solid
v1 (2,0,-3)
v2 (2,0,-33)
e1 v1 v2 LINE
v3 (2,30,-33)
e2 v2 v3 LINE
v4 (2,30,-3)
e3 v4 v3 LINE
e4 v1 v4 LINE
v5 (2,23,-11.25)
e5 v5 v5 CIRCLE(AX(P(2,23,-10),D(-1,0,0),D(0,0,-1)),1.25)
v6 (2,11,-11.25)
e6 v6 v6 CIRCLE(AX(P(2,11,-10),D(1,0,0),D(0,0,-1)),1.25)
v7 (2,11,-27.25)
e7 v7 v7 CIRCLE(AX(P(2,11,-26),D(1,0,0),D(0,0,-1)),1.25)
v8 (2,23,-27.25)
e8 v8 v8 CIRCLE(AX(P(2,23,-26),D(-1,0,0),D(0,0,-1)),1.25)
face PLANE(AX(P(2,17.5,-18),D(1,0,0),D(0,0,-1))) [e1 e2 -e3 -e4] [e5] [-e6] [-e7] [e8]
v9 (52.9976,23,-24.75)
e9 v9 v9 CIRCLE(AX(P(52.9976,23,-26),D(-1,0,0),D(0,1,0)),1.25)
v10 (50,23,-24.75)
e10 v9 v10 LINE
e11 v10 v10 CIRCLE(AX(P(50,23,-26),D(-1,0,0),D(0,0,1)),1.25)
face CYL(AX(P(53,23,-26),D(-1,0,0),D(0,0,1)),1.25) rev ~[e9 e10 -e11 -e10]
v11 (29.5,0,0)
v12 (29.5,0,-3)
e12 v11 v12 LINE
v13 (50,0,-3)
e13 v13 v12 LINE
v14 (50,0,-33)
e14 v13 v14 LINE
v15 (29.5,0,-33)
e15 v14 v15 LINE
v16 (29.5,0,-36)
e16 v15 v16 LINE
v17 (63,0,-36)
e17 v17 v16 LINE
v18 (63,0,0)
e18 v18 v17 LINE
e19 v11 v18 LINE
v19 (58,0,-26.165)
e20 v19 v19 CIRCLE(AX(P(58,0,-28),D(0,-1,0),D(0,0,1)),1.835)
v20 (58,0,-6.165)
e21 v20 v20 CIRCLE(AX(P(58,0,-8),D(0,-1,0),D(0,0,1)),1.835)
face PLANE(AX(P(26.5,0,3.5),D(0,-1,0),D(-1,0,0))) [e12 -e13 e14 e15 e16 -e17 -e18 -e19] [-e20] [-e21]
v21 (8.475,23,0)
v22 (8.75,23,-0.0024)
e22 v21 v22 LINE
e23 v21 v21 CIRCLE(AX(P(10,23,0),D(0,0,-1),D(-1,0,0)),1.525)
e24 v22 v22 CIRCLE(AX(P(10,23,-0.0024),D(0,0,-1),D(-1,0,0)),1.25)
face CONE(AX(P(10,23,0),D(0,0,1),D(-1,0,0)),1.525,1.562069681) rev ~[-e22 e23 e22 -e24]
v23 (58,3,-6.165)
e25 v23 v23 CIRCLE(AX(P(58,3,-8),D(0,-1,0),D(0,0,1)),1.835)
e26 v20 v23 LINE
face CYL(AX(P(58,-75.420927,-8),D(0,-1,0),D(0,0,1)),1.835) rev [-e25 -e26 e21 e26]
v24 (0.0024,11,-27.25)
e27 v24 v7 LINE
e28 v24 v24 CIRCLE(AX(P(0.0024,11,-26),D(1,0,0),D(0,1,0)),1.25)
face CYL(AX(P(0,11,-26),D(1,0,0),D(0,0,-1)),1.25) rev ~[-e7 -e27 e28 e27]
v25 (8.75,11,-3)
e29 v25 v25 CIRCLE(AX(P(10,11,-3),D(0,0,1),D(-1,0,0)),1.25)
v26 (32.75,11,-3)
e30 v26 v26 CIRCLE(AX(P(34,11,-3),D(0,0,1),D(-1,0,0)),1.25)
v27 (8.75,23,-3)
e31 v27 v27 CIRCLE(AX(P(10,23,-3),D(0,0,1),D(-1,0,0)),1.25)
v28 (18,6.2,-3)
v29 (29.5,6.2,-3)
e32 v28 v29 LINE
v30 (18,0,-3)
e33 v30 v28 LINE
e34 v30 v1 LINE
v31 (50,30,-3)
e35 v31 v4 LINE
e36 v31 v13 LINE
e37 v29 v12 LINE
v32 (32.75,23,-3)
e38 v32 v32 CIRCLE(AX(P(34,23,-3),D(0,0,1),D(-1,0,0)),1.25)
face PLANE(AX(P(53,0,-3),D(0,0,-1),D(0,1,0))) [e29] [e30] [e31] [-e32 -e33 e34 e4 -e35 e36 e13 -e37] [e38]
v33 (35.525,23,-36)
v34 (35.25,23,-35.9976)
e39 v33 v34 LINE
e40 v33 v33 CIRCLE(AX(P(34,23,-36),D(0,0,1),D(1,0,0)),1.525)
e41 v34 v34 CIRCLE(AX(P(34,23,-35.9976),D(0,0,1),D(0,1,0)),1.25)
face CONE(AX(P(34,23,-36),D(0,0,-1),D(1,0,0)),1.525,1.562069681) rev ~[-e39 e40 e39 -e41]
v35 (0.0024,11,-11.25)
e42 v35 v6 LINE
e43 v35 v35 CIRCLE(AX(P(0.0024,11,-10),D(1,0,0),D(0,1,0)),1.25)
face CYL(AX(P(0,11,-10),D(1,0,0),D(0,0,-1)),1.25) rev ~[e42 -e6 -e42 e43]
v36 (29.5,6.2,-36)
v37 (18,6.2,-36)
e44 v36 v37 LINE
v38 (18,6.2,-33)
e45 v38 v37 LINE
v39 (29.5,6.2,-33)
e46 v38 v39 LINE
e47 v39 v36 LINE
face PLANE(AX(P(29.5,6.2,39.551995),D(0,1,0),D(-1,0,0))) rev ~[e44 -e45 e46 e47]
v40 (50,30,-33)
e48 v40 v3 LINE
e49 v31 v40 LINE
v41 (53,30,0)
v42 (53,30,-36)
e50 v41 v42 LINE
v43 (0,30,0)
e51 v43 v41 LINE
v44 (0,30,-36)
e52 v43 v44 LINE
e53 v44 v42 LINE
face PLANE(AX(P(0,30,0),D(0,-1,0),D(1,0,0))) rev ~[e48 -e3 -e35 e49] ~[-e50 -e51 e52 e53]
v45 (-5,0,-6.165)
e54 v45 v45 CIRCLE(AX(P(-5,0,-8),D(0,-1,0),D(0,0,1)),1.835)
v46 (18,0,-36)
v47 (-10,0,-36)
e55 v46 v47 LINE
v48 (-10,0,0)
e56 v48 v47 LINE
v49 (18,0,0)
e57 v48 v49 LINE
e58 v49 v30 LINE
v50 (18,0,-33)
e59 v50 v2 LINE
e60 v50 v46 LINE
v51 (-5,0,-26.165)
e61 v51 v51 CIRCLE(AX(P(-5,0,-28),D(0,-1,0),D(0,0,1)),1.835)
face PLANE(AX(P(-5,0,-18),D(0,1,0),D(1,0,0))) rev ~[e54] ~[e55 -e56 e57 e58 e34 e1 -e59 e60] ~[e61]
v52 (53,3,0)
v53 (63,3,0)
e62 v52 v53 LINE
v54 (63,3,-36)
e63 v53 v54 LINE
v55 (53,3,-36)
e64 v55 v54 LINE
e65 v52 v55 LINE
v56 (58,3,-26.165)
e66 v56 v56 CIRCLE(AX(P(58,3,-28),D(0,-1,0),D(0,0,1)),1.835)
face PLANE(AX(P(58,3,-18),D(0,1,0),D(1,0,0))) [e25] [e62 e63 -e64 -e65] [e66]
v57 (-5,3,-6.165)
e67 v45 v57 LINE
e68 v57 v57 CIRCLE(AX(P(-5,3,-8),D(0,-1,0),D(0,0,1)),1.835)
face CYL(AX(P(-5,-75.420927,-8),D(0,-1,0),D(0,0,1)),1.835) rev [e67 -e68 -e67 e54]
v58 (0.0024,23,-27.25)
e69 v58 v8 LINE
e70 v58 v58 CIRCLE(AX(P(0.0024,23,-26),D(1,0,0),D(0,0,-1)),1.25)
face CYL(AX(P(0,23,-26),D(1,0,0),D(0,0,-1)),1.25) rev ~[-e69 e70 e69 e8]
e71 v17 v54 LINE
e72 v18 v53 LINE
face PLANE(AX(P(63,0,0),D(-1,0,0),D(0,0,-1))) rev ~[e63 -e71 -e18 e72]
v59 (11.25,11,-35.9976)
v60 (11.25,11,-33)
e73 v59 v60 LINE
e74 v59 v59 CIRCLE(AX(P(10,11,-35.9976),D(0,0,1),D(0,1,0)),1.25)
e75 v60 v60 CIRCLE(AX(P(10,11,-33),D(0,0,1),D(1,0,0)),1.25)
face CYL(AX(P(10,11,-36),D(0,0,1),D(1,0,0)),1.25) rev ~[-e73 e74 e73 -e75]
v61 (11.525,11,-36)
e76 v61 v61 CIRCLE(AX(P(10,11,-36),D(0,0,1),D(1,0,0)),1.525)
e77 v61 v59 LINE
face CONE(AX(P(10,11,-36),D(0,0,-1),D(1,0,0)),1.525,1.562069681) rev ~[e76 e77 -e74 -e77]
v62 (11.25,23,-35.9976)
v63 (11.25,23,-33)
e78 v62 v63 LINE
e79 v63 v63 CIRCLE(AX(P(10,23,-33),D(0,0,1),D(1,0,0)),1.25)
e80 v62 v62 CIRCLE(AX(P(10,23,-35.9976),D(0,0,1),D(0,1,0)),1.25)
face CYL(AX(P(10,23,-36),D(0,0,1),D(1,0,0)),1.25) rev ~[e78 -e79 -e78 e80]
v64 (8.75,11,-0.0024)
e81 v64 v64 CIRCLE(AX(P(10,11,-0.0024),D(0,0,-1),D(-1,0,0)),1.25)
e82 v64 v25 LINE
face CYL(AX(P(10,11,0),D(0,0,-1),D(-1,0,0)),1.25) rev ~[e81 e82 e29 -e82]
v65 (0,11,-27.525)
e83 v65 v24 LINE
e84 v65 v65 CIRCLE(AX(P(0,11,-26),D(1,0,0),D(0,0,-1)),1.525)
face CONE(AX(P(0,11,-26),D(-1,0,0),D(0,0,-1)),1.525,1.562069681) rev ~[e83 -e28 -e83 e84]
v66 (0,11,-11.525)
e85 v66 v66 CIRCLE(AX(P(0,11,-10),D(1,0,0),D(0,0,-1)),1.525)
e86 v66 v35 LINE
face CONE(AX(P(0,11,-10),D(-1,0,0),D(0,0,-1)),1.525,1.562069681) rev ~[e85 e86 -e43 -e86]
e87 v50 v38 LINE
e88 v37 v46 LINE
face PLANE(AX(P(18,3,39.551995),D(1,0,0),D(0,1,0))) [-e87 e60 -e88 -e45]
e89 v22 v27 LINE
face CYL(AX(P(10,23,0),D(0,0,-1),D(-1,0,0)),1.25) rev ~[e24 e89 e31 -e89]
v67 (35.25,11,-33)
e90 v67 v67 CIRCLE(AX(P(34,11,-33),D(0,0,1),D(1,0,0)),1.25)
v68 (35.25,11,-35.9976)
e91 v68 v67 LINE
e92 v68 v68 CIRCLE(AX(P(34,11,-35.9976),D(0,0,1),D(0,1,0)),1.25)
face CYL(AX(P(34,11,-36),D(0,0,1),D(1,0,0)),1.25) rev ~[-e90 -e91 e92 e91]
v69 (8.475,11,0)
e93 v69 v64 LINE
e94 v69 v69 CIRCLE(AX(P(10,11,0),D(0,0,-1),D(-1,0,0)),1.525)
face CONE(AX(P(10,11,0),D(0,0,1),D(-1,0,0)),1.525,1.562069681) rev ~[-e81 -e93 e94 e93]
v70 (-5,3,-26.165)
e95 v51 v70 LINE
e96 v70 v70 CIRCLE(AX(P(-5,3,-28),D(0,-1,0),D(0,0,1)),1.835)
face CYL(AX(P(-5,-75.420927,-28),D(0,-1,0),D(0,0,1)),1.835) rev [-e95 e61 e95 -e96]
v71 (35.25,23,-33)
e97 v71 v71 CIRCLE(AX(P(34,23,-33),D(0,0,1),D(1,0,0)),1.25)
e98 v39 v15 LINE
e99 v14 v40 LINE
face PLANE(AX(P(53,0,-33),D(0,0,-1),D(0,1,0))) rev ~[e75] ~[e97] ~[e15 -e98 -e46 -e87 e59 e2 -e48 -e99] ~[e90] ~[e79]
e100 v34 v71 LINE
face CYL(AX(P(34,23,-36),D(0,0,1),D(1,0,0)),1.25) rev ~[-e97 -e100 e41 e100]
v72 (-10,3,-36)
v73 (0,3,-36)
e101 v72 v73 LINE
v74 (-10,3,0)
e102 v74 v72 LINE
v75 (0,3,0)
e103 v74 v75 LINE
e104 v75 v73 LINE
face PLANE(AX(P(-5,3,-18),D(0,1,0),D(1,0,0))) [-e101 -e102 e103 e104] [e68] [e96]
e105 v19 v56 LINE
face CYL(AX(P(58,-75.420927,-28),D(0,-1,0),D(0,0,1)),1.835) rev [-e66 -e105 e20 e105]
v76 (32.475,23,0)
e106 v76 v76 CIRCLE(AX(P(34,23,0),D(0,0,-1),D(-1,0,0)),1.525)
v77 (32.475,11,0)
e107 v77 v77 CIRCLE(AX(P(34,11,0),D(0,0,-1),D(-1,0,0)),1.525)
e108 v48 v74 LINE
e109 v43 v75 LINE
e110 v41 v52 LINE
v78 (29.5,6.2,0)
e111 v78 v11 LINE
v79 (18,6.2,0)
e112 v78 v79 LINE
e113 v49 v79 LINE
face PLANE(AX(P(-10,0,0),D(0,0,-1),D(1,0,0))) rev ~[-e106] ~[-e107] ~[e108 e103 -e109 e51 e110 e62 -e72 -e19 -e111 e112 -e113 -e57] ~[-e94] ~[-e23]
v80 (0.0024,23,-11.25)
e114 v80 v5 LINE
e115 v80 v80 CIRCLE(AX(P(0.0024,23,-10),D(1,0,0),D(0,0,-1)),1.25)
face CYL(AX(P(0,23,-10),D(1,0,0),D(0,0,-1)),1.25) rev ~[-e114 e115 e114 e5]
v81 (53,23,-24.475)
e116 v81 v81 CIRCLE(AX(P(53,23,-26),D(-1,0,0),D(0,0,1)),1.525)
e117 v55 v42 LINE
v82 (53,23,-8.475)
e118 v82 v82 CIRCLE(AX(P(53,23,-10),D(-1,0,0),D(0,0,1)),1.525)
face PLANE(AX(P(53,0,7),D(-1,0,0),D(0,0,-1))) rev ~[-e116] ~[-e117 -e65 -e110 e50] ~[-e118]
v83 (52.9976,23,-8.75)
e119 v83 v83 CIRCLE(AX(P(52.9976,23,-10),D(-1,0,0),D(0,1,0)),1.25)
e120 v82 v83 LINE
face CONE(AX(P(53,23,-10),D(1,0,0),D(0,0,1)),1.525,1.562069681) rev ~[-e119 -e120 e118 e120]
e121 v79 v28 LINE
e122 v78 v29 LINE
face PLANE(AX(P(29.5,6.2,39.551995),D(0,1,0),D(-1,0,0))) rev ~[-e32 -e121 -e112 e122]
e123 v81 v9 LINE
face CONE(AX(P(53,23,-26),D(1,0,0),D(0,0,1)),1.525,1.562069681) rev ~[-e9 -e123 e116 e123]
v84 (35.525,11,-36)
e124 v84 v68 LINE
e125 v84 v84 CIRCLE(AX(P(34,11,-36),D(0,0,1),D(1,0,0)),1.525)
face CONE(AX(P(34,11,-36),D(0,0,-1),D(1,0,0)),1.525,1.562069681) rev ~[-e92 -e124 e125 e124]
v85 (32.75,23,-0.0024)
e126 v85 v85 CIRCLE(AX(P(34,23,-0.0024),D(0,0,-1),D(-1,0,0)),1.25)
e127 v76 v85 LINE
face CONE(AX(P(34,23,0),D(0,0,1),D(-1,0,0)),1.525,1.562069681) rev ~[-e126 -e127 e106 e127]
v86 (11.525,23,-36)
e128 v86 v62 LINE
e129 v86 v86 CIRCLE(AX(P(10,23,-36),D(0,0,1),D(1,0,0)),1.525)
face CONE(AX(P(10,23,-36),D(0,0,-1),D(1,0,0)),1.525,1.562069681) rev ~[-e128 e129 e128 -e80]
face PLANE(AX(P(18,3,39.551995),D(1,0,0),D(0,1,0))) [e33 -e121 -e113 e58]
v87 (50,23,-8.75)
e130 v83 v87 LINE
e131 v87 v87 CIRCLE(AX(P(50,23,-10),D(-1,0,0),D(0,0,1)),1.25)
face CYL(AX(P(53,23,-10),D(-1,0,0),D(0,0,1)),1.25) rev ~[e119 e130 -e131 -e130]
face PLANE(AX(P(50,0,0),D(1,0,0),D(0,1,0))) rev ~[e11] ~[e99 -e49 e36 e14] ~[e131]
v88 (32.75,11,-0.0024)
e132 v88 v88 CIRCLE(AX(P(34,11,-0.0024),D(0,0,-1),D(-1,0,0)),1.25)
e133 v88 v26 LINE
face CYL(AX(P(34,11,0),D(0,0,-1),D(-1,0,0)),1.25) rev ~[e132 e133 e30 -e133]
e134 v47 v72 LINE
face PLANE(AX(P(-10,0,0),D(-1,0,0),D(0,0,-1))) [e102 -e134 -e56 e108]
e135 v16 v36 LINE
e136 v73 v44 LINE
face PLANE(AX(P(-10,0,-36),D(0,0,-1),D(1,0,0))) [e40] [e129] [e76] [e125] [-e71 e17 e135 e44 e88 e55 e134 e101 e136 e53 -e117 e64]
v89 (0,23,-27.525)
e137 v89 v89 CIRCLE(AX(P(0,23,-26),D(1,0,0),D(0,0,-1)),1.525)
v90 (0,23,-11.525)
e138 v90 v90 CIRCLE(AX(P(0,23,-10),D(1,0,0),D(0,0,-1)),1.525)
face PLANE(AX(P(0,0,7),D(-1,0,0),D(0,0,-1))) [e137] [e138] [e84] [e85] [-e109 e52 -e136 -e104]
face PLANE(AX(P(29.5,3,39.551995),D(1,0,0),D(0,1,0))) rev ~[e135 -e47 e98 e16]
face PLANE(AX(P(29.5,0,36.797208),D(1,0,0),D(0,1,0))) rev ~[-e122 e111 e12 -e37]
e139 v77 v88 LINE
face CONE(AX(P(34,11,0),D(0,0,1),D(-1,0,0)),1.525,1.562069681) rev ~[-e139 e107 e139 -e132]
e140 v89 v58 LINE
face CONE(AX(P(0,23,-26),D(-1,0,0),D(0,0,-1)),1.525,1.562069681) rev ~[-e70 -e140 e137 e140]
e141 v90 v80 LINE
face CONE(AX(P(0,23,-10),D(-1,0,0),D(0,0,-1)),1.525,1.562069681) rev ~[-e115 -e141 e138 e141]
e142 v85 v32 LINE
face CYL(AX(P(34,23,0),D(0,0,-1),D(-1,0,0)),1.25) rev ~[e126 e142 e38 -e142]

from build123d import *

# Parameters (mm, degrees)
SKETCH1_W                   = 36
SKETCH1_H                   = 38
BOSS_EXTRUDE2_DEPTH         = 53
SKETCH3_W                   = 30
SKETCH3_H                   = 35
CUT_EXTRUDE1_DEPTH          = 51
SKETCH4_W                   = 3
SKETCH4_H                   = 30
BOSS_EXTRUDE3_DEPTH         = 33
SKETCH5_W                   = 53
SKETCH5_H                   = 8
CUT_EXTRUDE2_DEPTH          = 52
SKETCH6_W                   = 53
SKETCH6_H                   = 7
BOSS_EXTRUDE4_DEPTH         = 3
CUT_EXTRUDE4_DEPTH          = 79.797208072
CUT_EXTRUDE4_DEPTH_BACK     = 79.797208072
SKETCH8_W                   = 11.5
SKETCH8_H                   = 3
M3_TAPPED_HOLE1_D           = 2.5
M3_TAPPED_HOLE1_DEPTH       = 3
M3_TAPPED_HOLE1_CSINK_D     = 3.05
M3_TAPPED_HOLE1_CSINK_ANGLE = 179
LPATTERN1_COUNT             = 2
LPATTERN1_PITCH             = 24
LPATTERN1_COUNT_DIR2        = 2
LPATTERN1_PITCH_DIR2        = 12
M3_TAPPED_HOLE2_D           = 2.5
M3_TAPPED_HOLE2_DEPTH       = 2
M3_TAPPED_HOLE2_CSINK_D     = 3.05
M3_TAPPED_HOLE2_CSINK_ANGLE = 179
LPATTERN2_COUNT             = 2
LPATTERN2_PITCH             = 16
LPATTERN2_COUNT_DIR2        = 2
LPATTERN2_PITCH_DIR2        = 12
M3_TAPPED_HOLE3_D           = 2.5
M3_TAPPED_HOLE3_CSINK_D     = 3.05
M3_TAPPED_HOLE3_CSINK_ANGLE = 179
LPATTERN3_COUNT             = 2
LPATTERN3_PITCH             = 16
M3_TAPPED_HOLE4_D           = 2.5
M3_TAPPED_HOLE4_CSINK_D     = 3.05
M3_TAPPED_HOLE4_CSINK_ANGLE = 179
LPATTERN4_COUNT             = 2
LPATTERN4_PITCH             = 24
LPATTERN4_COUNT_DIR2        = 2
LPATTERN4_PITCH_DIR2        = 12
SKETCH45_R                  = 1.833333333
CUT_EXTRUDE5_DEPTH          = 74.396185187
LPATTERN5_COUNT             = 2
LPATTERN5_PITCH             = 35
LPATTERN5_COUNT_DIR2        = 2
LPATTERN5_PITCH_DIR2        = 43
CUT_EXTRUDE6_DEPTH          = 75.551995278
CUT_EXTRUDE6_DEPTH_BACK     = 75.551995278
SKETCH46_W                  = 11.5
SKETCH46_H                  = 3.2
CUT_EXTRUDE7_DEPTH          = 74.396185187
CUT_EXTRUDE7_DEPTH_BACK     = 74.396185187
SKETCH47_W                  = 53
SKETCH47_H                  = 7
BOSS_EXTRUDE5_START         = -30
SKETCH49_W                  = 10
SKETCH49_H                  = 36
BOSS_EXTRUDE5_DEPTH         = 3
CUT_EXTRUDE8_DEPTH          = 78.420927403
CUT_EXTRUDE8_DEPTH_BACK     = 78.420927403
SKETCH50_R                  = 1.835


with BuildPart() as part:
    # Sketch1 → Boss-Extrude2 (new body)
    with BuildSketch(Plane(origin=(0, 0, 0), x_dir=(0, 0, -1), z_dir=(1, 0, 0))):
        with Locations((18, 19)):
            Rectangle(SKETCH1_W, SKETCH1_H)
    extrude(amount=BOSS_EXTRUDE2_DEPTH)

    # Sketch3 → Cut-Extrude1 (cut)
    with BuildSketch(Plane(origin=(53, 0, 0), x_dir=(0, 0, -1), z_dir=(1, 0, 0))):
        with Locations((18, 17.5)):
            Rectangle(SKETCH3_W, SKETCH3_H)
    extrude(amount=-CUT_EXTRUDE1_DEPTH, mode=Mode.SUBTRACT)

    # Sketch4 → Boss-Extrude3 (add)
    with BuildSketch(Plane.XY):
        with Locations((51.5, 15)):
            Rectangle(SKETCH4_W, SKETCH4_H)
    extrude(amount=-BOSS_EXTRUDE3_DEPTH)

    # Sketch5 → Cut-Extrude2 (cut)
    with BuildSketch(Plane.XY):
        with Locations((26.5, 34)):
            Rectangle(SKETCH5_W, SKETCH5_H)
    extrude(amount=-CUT_EXTRUDE2_DEPTH, mode=Mode.SUBTRACT)

    # Sketch6 → Boss-Extrude4 (add)
    with BuildSketch(Plane(origin=(0, 0, 0), x_dir=(-1, 0, 0), z_dir=(0, -1, 0))):
        with Locations((-26.5, -3.5)):
            Rectangle(SKETCH6_W, SKETCH6_H)
        with Locations((-26.5, 39.5)):
            Rectangle(SKETCH6_W, SKETCH6_H)
    extrude(amount=-BOSS_EXTRUDE4_DEPTH)

    # Sketch8 → Cut-Extrude4 (cut, two sides: drawn at the far end of the back side and taken through both)
    with BuildSketch(Plane(origin=(0, 0, -43), x_dir=(-1, 0, 0), z_dir=(0, 0, -1)).offset(-CUT_EXTRUDE4_DEPTH_BACK)):
        with Locations((-23.75, 1.5)):
            Rectangle(SKETCH8_W, SKETCH8_H)
    extrude(amount=CUT_EXTRUDE4_DEPTH + CUT_EXTRUDE4_DEPTH_BACK, mode=Mode.SUBTRACT)

    # M3 Tapped Hole1
    with Locations(Plane.XY):
        with Locations((10, 23)):
            m3_tapped_hole1 = CounterSinkHole(M3_TAPPED_HOLE1_D / 2, M3_TAPPED_HOLE1_CSINK_D / 2, depth=M3_TAPPED_HOLE1_DEPTH, counter_sink_angle=M3_TAPPED_HOLE1_CSINK_ANGLE)

    # LPattern1: M3 Tapped Hole1 2 × 2
    with Locations(*[(i * LPATTERN1_PITCH, -j * LPATTERN1_PITCH_DIR2, 0) for i in range(LPATTERN1_COUNT) for j in range(LPATTERN1_COUNT_DIR2) if (i, j) != (0, 0)]):
        add(m3_tapped_hole1, mode=Mode.SUBTRACT)

    # M3 Tapped Hole2
    with Locations(Plane.ZY):
        with Locations((-26, 23)):
            m3_tapped_hole2 = CounterSinkHole(M3_TAPPED_HOLE2_D / 2, M3_TAPPED_HOLE2_CSINK_D / 2, depth=M3_TAPPED_HOLE2_DEPTH, counter_sink_angle=M3_TAPPED_HOLE2_CSINK_ANGLE)

    # LPattern2: M3 Tapped Hole2 2 × 2
    with Locations(*[(0, -j * LPATTERN2_PITCH_DIR2, i * LPATTERN2_PITCH) for i in range(LPATTERN2_COUNT) for j in range(LPATTERN2_COUNT_DIR2) if (i, j) != (0, 0)]):
        add(m3_tapped_hole2, mode=Mode.SUBTRACT)

    # M3 Tapped Hole3 (through all)
    with Locations(Plane(origin=(53, 0, 0), x_dir=(0, 0, -1), z_dir=(1, 0, 0))):
        with Locations((26, 23)):
            m3_tapped_hole3 = CounterSinkHole(M3_TAPPED_HOLE3_D / 2, M3_TAPPED_HOLE3_CSINK_D / 2, counter_sink_angle=M3_TAPPED_HOLE3_CSINK_ANGLE)

    # LPattern3: M3 Tapped Hole3 ×2
    with Locations(*[(0, 0, i * LPATTERN3_PITCH) for i in range(1, LPATTERN3_COUNT)]):
        add(m3_tapped_hole3, mode=Mode.SUBTRACT)

    # M3 Tapped Hole4 (through all)
    with Locations(Plane(origin=(0, 0, -36), x_dir=(-1, 0, 0), z_dir=(0, 0, -1))):
        with Locations((-10, 23)):
            m3_tapped_hole4 = CounterSinkHole(M3_TAPPED_HOLE4_D / 2, M3_TAPPED_HOLE4_CSINK_D / 2, counter_sink_angle=M3_TAPPED_HOLE4_CSINK_ANGLE)

    # LPattern4: M3 Tapped Hole4 2 × 2
    with Locations(*[(i * LPATTERN4_PITCH, -j * LPATTERN4_PITCH_DIR2, 0) for i in range(LPATTERN4_COUNT) for j in range(LPATTERN4_COUNT_DIR2) if (i, j) != (0, 0)]):
        add(m3_tapped_hole4, mode=Mode.SUBTRACT)

    # Sketch45 → Cut-Extrude5 (cut, symmetric)
    with BuildSketch(Plane(origin=(0, 3, 0), x_dir=(1, 0, 0), z_dir=(0, 1, 0))):
        with Locations(Location((8, 39.5, 0), (0, 0, 270))):
            Circle(SKETCH45_R)
    cut_extrude5 = extrude(amount=CUT_EXTRUDE5_DEPTH, both=True, mode=Mode.SUBTRACT)

    # LPattern5: Cut-Extrude5 2 × 2
    with Locations(*[(i * LPATTERN5_PITCH, 0, j * LPATTERN5_PITCH_DIR2) for i in range(LPATTERN5_COUNT) for j in range(LPATTERN5_COUNT_DIR2) if (i, j) != (0, 0)]):
        add(cut_extrude5, mode=Mode.SUBTRACT)

    # Sketch46 → Cut-Extrude6 (cut, two sides: drawn at the far end of the back side and taken through both)
    with BuildSketch(Plane(origin=(0, 0, -36), x_dir=(-1, 0, 0), z_dir=(0, 0, -1)).offset(-CUT_EXTRUDE6_DEPTH_BACK)):
        with Locations((-23.75, 4.6)):
            Rectangle(SKETCH46_W, SKETCH46_H)
    extrude(amount=CUT_EXTRUDE6_DEPTH + CUT_EXTRUDE6_DEPTH_BACK, mode=Mode.SUBTRACT)

    # Sketch47 → Cut-Extrude7 (cut, two sides: drawn at the far end of the back side and taken through both)
    with BuildSketch(Plane(origin=(0, 3, 0), x_dir=(1, 0, 0), z_dir=(0, 1, 0)).offset(-CUT_EXTRUDE7_DEPTH_BACK)):
        with Locations((26.5, 39.5)):
            Rectangle(SKETCH47_W, SKETCH47_H)
        with Locations((26.5, -3.5)):
            Rectangle(SKETCH47_W, SKETCH47_H)
    extrude(amount=CUT_EXTRUDE7_DEPTH + CUT_EXTRUDE7_DEPTH_BACK, mode=Mode.SUBTRACT)

    # Sketch49 → Boss-Extrude5 (add)
    with BuildSketch(Plane(origin=(0, 30, 0), x_dir=(1, 0, 0), z_dir=(0, 1, 0)).offset(BOSS_EXTRUDE5_START)):
        with Locations((-5, 18)):
            Rectangle(SKETCH49_W, SKETCH49_H)
        with Locations((58, 18)):
            Rectangle(SKETCH49_W, SKETCH49_H)
    extrude(amount=BOSS_EXTRUDE5_DEPTH)

    # Sketch50 → Cut-Extrude8 (cut, two sides: drawn at the far end of the back side and taken through both)
    with BuildSketch(Plane(origin=(0, 3, 0), x_dir=(1, 0, 0), z_dir=(0, 1, 0)).offset(-CUT_EXTRUDE8_DEPTH_BACK)):
        with Locations(Location((-5, 28, 0), (0, 0, 270))):
            Circle(SKETCH50_R)
        with Locations(Location((-5, 8, 0), (0, 0, 270))):
            Circle(SKETCH50_R)
        with Locations(Location((58, 8, 0), (0, 0, 270))):
            Circle(SKETCH50_R)
        with Locations(Location((58, 28, 0), (0, 0, 270))):
            Circle(SKETCH50_R)
    extrude(amount=CUT_EXTRUDE8_DEPTH + CUT_EXTRUDE8_DEPTH_BACK, mode=Mode.SUBTRACT)


solid = part.part
